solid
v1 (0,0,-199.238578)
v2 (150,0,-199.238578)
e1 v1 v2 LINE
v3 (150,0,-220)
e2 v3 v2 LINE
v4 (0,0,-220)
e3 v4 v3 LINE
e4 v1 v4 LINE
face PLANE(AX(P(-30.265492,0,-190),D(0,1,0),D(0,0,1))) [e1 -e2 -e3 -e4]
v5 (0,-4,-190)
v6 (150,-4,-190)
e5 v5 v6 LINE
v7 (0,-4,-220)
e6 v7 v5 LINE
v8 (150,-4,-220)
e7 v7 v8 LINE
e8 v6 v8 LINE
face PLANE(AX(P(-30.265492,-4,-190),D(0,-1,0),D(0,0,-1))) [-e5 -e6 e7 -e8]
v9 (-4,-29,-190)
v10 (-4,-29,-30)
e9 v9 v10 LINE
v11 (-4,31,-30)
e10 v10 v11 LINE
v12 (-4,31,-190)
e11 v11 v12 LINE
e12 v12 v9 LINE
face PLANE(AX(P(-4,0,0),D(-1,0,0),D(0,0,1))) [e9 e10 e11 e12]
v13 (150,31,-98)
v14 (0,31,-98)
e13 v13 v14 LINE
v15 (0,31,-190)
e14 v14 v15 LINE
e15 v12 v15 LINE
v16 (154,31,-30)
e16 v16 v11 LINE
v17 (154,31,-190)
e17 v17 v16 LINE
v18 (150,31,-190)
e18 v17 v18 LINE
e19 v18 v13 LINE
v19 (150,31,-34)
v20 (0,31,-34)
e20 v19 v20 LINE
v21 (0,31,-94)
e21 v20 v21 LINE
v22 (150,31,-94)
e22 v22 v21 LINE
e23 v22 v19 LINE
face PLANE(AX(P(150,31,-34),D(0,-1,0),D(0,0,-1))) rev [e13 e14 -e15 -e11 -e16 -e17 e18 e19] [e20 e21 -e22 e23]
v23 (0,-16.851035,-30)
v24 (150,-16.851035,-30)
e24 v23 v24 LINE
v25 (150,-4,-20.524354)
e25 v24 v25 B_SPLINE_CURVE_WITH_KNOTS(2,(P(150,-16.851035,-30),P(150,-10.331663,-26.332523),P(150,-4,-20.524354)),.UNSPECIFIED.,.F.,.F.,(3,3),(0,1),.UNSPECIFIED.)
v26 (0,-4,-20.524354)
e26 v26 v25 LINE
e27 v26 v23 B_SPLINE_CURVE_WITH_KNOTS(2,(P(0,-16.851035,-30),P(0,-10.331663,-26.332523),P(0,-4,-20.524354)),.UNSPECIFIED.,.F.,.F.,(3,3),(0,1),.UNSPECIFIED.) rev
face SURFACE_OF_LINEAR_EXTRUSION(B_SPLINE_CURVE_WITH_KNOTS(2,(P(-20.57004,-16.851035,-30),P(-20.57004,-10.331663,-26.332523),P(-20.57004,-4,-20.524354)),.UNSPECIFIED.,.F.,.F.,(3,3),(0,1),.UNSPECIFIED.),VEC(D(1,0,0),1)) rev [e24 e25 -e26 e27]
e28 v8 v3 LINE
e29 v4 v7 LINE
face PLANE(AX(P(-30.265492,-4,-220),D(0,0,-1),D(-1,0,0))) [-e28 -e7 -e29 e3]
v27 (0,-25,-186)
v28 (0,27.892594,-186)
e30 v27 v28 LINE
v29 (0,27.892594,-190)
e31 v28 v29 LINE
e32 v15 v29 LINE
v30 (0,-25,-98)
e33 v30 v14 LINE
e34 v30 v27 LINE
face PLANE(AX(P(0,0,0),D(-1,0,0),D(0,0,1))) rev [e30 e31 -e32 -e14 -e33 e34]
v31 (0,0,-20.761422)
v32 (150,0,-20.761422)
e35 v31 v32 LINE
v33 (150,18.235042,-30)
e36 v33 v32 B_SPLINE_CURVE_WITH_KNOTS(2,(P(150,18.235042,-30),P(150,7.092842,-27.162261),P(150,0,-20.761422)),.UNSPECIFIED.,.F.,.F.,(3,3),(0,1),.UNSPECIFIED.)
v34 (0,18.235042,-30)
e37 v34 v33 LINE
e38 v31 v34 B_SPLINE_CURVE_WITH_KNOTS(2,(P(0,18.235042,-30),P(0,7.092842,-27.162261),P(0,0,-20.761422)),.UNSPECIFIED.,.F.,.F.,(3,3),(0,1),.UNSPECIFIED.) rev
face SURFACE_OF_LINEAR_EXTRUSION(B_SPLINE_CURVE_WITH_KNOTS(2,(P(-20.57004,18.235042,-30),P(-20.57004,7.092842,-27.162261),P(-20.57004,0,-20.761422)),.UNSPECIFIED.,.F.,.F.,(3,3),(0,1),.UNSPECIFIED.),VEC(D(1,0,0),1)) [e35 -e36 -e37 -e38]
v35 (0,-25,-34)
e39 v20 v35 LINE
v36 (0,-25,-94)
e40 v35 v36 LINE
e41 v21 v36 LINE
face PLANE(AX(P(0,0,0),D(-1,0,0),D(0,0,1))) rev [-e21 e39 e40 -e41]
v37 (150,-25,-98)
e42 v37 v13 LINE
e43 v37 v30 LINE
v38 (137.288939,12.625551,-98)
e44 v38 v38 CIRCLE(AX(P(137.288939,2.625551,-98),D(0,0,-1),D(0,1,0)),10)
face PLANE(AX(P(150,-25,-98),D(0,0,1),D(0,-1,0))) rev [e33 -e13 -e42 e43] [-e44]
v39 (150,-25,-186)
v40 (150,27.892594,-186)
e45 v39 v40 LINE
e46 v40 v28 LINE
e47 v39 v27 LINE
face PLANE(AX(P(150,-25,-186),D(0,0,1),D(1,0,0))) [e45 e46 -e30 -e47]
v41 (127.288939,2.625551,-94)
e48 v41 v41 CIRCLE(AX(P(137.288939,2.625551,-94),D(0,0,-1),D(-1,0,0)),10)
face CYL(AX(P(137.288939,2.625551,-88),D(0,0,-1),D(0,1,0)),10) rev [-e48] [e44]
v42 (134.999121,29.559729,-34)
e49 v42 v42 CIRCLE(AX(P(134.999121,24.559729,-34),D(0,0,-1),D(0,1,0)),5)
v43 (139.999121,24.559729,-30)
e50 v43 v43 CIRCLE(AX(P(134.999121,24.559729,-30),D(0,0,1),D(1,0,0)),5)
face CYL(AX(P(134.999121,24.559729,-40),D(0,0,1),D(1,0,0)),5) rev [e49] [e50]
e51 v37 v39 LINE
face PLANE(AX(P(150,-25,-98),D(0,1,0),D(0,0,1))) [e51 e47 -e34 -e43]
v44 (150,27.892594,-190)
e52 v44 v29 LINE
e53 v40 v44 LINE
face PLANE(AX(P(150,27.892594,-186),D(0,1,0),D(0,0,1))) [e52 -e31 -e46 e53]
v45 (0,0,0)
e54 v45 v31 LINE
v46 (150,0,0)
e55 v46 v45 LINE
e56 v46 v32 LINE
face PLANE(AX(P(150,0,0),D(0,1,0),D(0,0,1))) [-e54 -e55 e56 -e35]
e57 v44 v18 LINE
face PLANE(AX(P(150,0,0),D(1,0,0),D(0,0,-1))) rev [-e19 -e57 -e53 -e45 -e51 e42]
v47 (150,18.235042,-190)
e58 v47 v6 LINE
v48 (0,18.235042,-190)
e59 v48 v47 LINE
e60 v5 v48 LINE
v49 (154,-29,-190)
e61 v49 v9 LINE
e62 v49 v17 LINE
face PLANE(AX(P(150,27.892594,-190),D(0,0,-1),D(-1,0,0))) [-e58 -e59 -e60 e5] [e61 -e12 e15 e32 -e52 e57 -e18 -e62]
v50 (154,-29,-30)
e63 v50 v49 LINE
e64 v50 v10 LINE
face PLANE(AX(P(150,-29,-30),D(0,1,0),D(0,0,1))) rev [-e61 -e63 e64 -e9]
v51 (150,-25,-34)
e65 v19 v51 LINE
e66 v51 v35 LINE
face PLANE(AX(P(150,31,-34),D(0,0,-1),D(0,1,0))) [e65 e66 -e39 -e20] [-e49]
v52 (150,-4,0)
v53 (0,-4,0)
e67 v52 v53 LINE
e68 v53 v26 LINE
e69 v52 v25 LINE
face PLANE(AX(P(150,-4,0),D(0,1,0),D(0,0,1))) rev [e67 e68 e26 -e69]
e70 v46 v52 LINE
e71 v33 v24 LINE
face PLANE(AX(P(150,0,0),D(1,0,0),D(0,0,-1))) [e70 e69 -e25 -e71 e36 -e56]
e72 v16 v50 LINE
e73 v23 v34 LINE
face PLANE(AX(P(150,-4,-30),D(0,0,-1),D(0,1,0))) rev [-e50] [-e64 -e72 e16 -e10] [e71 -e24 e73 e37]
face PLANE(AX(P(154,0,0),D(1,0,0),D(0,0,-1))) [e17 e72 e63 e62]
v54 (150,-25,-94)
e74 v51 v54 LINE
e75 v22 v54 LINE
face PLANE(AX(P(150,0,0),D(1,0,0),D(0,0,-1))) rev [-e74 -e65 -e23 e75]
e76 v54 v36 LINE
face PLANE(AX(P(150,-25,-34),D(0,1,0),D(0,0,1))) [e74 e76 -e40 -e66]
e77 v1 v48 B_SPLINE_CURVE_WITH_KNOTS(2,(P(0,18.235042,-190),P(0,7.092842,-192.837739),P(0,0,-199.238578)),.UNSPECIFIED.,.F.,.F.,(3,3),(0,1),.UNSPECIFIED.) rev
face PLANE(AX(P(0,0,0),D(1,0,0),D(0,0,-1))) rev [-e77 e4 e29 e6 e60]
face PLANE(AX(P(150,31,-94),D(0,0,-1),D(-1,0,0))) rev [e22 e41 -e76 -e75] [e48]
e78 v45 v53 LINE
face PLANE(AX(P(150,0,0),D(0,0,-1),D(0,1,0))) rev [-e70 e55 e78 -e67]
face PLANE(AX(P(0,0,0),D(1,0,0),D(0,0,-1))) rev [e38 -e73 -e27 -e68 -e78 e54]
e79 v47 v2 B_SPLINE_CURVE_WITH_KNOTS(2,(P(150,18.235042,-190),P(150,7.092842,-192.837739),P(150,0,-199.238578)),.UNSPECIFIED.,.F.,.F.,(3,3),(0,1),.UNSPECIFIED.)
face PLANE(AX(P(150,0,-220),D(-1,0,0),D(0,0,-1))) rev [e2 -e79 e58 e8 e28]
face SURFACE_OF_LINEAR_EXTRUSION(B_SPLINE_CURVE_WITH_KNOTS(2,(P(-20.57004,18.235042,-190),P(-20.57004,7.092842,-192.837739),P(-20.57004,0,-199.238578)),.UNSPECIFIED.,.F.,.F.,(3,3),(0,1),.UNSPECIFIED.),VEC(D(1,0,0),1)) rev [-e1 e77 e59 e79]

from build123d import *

# Parameters (mm, degrees)
EXTRUDE_1_DEPTH     = 150
SKETCH_2_W          = 160
SKETCH_2_H          = 60
EXTRUDE_2_DEPTH     = 4
SKETCH_3_W          = 160
SKETCH_3_H          = 60
EXTRUDE_3_DEPTH     = 4
EXTRUDE_5_DEPTH     = 150
SKETCH_8_W          = 30
SKETCH_8_H          = 4
EXTRUDE_6_DEPTH     = 150
CUT_EXTRUDE_1_REACH = 272.328
SKETCH_10_R         = 10
CUT_EXTRUDE_2_DEPTH = 10
SKETCH_11_R         = 5
CUT_EXTRUDE_3_DEPTH = 10


with BuildPart() as part:
    # 草图1 → 凸台-拉伸1 (new body)
    with BuildSketch(Plane(origin=(0, 0, 0), x_dir=(0, 0, -1), z_dir=(1, 0, 0))):
        Polygon((30, 31), (30, 0), (0, 0), (0, -4), (30, -4), (30, -29), (190, -29), (190, 27.892594103), (186, 27.892594103), (186, -25), (98, -25), (98, 31), (94, 31), (94, -25), (34, -25), (34, 31), align=None)
    extrude(amount=EXTRUDE_1_DEPTH)

    # 草图2 → 凸台-拉伸2 (add)
    with BuildSketch(Plane(origin=(150, 0, 0), x_dir=(0, 0, -1), z_dir=(1, 0, 0))):
        with Locations((110, 1)):
            Rectangle(SKETCH_2_W, SKETCH_2_H)
    extrude(amount=EXTRUDE_2_DEPTH)

    # 草图3 → 凸台-拉伸3 (add)
    with BuildSketch(Plane.ZY):
        with Locations((-110, 1)):
            Rectangle(SKETCH_3_W, SKETCH_3_H)
    extrude(amount=EXTRUDE_3_DEPTH)

    # 草图5 → 凸台-拉伸5 (add)
    with BuildSketch(Plane(origin=(150, 0, -30), x_dir=(0, 0, 1), z_dir=(-1, 0, 0))):
        with BuildLine():
            add(Edge.make_bspline(
                [(0, 18.235042401), (2.837739177, 7.092842101), (9.238577647, 0)],
                knots=[0, 0, 0, 1, 1, 1], degree=2))
            Line((9.238577647, 0), (9.33878145, -0.092906558))
            Line((9.33878145, -0.092906558), (0, 0))
            Line((0, 0), (0, 18.235042401))
        make_face()
        with BuildLine():
            Line((0, -4), (0, -16.851035139))
            add(Edge.make_bspline(
                [(0, -16.851035139), (3.667477497, -10.331662623), (9.475645739, -4)],
                knots=[0, 0, 0, 1, 1, 1], degree=2))
            Line((9.475645739, -4), (0, -4))
        make_face()
    extrude_5 = extrude(amount=EXTRUDE_5_DEPTH)

    # 镜向2: 凸台-拉伸5 across plane
    add(extrude_5.mirror(Plane.XY.offset(-110)))

    # 草图8 → 凸台-拉伸6 (add)
    with BuildSketch(Plane(origin=(150, 0, 0), x_dir=(0, 0, -1), z_dir=(1, 0, 0))):
        with Locations((205, -2)):
            Rectangle(SKETCH_8_W, SKETCH_8_H)
    extrude(amount=-EXTRUDE_6_DEPTH)

    # 草图9 → 切除-拉伸1 (cut, up to next)
    with BuildSketch(Plane(origin=(150, 0, 0), x_dir=(0, 0, -1), z_dir=(1, 0, 0)), mode=Mode.PRIVATE) as cut_extrude_1_sk1:
        Polygon((199.475645739, -4), (190, -4), (190, -16.851035139), align=None)
    cut_extrude_1_tool1 = extrude(cut_extrude_1_sk1.sketch, amount=-CUT_EXTRUDE_1_REACH, mode=Mode.PRIVATE) & part.part
    add(cut_extrude_1_tool1.solids().sort_by_distance((150, -8.283678, -193.158549))[0], mode=Mode.SUBTRACT)

    # 草图10 → 切除-拉伸2 (cut)
    with BuildSketch(Plane(origin=(0, 0, -98), x_dir=(-1, 0, 0), z_dir=(0, 0, -1))):
        with Locations(Location((-137.288939056, 2.62555121, 0), (0, 0, 90))):
            Circle(SKETCH_10_R)
    extrude(amount=-CUT_EXTRUDE_2_DEPTH, mode=Mode.SUBTRACT)

    # 草图11 → 切除-拉伸3 (cut)
    with BuildSketch(Plane.XY.offset(-30)):
        with Locations((134.999120895, 24.559728505)):
            Circle(SKETCH_11_R)
    extrude(amount=-CUT_EXTRUDE_3_DEPTH, mode=Mode.SUBTRACT)


solid = part.part
